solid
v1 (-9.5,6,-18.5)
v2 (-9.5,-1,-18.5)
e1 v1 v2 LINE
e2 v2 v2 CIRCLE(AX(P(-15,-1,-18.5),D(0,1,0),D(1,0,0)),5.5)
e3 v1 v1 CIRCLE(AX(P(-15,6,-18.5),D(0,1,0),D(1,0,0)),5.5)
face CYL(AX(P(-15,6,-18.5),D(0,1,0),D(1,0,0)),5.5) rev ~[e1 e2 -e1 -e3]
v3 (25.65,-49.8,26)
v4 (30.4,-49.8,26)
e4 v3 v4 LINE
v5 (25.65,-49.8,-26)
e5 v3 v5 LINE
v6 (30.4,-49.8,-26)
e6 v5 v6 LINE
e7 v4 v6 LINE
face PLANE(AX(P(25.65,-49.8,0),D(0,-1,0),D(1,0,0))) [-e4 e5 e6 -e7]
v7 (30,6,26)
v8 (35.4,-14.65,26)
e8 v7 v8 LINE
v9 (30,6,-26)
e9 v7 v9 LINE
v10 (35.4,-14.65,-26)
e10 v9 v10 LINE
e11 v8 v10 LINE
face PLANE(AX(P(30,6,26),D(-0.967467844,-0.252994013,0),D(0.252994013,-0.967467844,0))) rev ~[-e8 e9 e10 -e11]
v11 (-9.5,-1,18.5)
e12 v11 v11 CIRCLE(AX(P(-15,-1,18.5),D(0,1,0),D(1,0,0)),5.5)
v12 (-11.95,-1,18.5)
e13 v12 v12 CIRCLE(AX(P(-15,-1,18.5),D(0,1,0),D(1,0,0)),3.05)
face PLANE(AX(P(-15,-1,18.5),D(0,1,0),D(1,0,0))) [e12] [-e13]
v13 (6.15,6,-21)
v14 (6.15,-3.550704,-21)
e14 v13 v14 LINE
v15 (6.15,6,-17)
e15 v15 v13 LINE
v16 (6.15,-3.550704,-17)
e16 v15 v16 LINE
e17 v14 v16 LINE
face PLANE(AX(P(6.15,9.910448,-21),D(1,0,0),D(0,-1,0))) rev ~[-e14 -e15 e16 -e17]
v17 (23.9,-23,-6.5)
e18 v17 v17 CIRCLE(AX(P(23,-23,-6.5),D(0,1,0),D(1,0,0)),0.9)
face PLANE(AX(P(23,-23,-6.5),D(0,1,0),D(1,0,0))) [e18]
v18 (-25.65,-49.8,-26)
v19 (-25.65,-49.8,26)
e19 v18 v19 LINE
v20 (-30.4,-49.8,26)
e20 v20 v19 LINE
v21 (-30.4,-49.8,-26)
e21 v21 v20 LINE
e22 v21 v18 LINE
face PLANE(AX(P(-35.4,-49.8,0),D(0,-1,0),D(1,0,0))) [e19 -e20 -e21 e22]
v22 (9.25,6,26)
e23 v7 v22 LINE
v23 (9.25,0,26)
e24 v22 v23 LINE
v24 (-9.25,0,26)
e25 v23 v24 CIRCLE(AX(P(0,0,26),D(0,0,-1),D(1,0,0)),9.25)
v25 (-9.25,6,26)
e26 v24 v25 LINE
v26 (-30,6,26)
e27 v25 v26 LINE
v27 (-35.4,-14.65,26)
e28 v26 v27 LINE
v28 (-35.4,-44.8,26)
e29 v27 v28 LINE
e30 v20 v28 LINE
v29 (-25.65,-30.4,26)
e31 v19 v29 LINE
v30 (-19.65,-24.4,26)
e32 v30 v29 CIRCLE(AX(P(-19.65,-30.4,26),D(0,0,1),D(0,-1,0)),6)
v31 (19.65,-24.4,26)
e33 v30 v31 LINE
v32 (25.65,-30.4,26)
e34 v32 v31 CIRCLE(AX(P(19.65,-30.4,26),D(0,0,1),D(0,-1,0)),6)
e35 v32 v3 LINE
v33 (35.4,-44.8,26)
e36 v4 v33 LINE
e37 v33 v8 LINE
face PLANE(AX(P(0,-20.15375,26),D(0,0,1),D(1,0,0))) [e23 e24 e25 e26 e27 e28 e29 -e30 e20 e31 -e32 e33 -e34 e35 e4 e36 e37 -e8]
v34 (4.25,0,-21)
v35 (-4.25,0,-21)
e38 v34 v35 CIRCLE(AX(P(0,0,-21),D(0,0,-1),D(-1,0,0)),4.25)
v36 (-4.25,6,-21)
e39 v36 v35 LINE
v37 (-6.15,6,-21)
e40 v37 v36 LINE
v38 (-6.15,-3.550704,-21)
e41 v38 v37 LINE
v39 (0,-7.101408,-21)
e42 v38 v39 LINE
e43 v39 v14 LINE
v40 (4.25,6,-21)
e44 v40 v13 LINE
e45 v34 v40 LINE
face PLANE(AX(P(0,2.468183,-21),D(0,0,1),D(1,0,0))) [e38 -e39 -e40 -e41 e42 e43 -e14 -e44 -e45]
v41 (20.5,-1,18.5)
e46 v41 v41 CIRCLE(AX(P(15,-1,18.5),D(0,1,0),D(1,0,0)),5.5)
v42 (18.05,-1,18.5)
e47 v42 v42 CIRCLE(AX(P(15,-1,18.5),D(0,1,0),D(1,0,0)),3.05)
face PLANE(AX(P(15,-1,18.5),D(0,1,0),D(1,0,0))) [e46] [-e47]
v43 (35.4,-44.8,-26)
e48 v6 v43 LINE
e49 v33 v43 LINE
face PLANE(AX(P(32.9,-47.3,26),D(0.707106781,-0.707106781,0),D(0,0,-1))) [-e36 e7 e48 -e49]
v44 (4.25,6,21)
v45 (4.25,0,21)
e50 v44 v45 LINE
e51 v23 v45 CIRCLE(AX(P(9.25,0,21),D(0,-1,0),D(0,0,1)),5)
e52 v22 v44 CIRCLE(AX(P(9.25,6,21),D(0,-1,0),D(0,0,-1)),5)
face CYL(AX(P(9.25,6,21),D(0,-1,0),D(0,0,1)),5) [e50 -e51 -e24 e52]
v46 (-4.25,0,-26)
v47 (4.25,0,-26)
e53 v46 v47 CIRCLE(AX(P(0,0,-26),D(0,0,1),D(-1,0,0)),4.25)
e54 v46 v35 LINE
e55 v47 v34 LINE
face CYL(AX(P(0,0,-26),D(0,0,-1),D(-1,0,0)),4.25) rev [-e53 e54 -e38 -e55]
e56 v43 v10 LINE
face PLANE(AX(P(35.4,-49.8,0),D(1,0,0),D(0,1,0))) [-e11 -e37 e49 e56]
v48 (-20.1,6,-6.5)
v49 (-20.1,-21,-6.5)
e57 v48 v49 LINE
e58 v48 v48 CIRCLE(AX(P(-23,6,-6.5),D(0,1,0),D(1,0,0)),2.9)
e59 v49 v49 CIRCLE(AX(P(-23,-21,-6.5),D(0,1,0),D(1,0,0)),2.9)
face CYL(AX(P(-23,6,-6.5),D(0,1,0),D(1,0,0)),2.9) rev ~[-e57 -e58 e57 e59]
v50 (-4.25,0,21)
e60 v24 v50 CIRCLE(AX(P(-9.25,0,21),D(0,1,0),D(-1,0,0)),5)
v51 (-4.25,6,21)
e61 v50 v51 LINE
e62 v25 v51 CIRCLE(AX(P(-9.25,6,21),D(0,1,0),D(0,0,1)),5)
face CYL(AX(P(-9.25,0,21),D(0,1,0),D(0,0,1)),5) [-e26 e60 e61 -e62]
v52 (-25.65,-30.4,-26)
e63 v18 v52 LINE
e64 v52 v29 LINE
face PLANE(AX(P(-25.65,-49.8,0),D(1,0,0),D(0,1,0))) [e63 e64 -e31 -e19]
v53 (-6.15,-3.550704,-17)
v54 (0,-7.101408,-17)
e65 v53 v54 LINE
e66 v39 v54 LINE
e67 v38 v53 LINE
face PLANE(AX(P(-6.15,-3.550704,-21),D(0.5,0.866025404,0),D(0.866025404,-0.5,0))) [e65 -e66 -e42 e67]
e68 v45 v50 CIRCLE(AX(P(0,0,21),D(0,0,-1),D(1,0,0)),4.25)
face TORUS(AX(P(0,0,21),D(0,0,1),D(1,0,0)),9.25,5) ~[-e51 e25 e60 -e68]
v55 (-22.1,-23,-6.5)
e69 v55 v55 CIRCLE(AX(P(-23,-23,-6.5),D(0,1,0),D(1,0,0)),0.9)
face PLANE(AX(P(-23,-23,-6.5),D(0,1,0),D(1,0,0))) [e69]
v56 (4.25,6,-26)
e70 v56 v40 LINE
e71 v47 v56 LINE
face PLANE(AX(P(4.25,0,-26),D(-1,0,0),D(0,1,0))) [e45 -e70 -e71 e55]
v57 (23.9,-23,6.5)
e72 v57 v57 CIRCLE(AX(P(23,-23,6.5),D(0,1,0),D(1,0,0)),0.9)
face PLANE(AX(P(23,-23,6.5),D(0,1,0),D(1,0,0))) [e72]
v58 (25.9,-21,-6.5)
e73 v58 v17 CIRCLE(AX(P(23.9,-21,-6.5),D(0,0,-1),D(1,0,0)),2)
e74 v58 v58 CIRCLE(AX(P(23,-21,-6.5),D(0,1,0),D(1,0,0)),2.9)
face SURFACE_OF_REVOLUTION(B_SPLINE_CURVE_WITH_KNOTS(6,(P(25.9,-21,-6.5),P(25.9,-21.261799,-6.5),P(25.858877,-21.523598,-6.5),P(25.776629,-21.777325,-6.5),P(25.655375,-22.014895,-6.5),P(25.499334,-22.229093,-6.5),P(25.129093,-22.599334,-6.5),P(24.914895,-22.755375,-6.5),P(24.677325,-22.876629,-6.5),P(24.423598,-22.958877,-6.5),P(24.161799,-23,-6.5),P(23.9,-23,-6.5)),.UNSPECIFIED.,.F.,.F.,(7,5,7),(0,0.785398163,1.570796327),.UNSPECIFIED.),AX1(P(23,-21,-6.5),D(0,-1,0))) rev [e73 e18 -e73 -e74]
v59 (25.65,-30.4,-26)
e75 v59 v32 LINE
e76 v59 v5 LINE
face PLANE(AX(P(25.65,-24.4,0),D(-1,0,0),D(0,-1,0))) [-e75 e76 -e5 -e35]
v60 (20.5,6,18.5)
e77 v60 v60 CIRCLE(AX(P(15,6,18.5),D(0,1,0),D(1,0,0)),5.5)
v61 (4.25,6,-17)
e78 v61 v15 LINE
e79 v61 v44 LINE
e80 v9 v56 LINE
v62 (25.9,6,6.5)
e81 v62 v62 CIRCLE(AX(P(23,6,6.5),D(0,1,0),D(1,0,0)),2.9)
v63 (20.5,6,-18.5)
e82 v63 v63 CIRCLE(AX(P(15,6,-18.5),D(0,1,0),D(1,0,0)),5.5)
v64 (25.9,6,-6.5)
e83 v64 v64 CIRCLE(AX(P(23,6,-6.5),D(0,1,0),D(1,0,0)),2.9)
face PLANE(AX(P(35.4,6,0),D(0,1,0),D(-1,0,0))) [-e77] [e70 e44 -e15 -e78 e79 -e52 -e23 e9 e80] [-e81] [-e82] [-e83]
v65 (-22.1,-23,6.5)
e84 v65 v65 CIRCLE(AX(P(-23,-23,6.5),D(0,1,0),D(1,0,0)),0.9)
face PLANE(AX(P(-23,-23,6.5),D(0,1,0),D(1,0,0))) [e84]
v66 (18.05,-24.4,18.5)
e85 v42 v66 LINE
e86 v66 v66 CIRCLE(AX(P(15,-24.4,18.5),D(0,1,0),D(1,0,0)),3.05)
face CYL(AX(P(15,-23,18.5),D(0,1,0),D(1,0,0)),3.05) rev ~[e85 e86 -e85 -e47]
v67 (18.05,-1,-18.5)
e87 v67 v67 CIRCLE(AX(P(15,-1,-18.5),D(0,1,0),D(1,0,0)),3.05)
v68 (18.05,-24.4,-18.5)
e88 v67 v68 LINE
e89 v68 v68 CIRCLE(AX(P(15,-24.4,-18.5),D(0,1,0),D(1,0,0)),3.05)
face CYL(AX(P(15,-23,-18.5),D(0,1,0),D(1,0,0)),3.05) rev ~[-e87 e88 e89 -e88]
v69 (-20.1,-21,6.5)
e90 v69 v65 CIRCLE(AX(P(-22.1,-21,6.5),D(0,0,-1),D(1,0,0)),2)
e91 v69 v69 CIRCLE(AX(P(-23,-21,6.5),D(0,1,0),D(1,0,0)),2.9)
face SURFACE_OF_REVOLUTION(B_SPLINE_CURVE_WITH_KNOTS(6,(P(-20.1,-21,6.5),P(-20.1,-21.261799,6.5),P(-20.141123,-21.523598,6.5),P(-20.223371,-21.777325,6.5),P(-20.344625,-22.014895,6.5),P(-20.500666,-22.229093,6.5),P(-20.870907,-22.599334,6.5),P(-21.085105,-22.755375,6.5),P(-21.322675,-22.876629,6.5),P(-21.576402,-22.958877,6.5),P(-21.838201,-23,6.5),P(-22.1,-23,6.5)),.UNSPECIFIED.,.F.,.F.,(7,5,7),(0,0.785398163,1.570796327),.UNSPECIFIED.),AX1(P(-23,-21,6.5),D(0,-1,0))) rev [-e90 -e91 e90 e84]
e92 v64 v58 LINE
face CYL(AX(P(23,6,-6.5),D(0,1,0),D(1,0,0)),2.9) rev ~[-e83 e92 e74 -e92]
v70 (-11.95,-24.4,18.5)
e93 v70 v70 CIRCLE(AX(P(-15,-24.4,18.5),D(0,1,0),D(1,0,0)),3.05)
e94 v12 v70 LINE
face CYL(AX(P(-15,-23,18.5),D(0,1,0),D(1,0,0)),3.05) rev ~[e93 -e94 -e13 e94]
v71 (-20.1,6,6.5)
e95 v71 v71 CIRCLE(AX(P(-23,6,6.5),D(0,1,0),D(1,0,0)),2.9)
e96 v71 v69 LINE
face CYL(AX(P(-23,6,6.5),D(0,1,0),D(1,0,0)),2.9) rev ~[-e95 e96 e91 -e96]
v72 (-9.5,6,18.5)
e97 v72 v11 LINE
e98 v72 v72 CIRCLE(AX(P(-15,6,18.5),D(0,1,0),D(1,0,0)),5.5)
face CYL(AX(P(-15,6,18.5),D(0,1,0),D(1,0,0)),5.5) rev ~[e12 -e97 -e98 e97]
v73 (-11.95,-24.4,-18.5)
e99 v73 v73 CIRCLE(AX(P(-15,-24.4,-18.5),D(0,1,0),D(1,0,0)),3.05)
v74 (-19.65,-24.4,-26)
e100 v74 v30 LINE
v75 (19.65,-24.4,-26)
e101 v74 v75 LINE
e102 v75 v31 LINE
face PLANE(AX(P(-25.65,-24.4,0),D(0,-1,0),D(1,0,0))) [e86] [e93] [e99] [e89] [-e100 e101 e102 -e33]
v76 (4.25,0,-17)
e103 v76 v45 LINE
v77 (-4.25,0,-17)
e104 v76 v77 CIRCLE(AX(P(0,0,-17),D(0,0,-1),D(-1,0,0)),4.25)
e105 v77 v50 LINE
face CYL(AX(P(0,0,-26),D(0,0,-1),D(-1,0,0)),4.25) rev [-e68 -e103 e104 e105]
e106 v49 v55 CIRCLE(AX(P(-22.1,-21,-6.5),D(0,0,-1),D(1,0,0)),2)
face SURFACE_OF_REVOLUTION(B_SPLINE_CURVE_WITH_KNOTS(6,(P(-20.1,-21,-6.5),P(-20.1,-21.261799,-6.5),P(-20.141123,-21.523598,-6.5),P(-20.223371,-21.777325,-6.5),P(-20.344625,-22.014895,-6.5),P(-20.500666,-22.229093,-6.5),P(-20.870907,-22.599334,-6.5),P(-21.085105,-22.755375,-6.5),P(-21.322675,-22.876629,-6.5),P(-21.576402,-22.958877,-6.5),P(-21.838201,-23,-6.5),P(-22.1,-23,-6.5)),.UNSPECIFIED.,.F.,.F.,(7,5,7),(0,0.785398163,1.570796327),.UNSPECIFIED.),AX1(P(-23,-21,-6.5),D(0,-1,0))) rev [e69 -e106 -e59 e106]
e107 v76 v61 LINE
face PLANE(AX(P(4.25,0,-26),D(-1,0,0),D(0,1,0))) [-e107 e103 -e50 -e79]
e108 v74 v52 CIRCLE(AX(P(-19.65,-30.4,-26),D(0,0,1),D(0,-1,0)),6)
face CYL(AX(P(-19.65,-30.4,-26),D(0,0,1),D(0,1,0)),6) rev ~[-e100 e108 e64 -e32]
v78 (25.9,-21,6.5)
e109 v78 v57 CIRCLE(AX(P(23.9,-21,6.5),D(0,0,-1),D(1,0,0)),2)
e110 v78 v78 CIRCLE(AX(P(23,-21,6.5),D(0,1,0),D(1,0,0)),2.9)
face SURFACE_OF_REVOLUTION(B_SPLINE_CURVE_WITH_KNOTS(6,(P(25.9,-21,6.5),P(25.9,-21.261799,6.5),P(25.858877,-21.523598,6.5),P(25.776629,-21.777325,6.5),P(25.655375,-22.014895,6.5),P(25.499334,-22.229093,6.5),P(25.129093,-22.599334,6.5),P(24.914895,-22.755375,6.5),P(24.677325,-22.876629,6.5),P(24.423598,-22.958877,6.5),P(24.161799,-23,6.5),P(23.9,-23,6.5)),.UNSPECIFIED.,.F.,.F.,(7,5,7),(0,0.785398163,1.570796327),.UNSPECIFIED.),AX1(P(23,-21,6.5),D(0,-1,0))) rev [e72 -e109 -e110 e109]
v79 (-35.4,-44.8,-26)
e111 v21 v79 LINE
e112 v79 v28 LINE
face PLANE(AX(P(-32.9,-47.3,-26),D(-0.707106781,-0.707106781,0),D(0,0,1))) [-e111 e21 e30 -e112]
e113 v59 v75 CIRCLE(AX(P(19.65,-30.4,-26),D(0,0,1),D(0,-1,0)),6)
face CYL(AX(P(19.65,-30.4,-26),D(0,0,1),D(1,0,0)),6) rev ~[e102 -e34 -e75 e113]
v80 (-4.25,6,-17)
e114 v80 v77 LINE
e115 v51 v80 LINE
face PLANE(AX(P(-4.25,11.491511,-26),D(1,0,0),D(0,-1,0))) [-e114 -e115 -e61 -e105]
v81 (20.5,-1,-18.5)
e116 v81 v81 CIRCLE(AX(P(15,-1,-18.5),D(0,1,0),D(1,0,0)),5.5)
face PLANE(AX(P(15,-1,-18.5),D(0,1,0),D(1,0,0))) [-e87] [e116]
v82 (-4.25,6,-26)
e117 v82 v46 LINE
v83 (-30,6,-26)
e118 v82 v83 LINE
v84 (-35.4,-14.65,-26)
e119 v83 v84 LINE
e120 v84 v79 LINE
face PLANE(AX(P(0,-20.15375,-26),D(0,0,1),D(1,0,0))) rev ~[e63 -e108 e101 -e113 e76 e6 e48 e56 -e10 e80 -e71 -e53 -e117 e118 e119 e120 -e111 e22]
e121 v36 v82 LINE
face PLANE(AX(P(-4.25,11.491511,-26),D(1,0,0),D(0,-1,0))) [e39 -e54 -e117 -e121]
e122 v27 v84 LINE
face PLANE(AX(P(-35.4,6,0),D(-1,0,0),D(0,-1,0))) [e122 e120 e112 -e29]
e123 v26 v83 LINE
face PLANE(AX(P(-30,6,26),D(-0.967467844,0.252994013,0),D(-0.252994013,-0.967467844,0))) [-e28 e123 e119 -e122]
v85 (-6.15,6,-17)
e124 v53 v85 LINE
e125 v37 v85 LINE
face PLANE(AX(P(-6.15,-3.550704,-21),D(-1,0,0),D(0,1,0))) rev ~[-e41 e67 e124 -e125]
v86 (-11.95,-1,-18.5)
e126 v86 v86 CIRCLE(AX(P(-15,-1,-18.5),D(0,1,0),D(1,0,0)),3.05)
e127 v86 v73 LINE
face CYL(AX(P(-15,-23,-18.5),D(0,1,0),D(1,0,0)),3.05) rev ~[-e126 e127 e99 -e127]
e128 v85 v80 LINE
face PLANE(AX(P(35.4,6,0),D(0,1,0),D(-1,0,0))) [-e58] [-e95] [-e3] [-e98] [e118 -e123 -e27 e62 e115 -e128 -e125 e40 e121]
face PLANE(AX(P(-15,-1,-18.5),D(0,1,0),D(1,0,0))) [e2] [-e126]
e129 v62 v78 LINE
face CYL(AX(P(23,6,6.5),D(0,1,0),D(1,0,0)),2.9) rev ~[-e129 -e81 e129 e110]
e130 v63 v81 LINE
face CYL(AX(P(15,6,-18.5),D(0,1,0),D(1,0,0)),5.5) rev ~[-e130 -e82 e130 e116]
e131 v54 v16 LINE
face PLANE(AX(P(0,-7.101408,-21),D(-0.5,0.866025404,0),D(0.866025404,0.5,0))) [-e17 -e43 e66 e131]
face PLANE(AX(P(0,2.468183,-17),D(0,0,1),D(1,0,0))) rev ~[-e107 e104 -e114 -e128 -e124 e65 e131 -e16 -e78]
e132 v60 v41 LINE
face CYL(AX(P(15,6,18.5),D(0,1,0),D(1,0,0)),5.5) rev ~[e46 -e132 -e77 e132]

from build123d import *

# Parameters (mm, degrees)
BOSS_EXTRUDE1_DEPTH = 26
CUT_EXTRUDE8_DEPTH  = 53
FILLET1_R           = 6
SKETCH2_R           = 2.9
SKETCH2_R_2         = 3.05
CUT_EXTRUDE1_DEPTH  = 29
SKETCH3_R           = 5.5
CUT_EXTRUDE2_DEPTH  = 7
CHAMFER2_SIZE       = 5
CUT_EXTRUDE9_DEPTH  = 53
CUT_EXTRUDE10_START = -5
CUT_EXTRUDE10_DEPTH = 4
FILLET2_R           = 5
SKETCH12_R          = 3.05
CUT_EXTRUDE11_DEPTH = 4
FILLET3_R           = 2


with BuildPart() as part:
    # Sketch1 → Boss-Extrude1 (new body, symmetric)
    with BuildSketch(Plane.XY):
        Polygon((35.4, 6), (-35.4, 6), (-35.4, -49.8), (-25.65, -49.8), (-25.65, -24.4), (25.65, -24.4), (25.65, -49.8), (35.4, -49.8), align=None)
    extrude(amount=BOSS_EXTRUDE1_DEPTH, both=True)

    # Sketch9 → Cut-Extrude8 (cut, through all)
    with BuildSketch(Plane.XY.offset(26)):
        Polygon((-30, 6), (-35.4, -14.65), (-35.4, 6), align=None)
        Polygon((35.4, 6), (30, 6), (35.4, -14.65), align=None)
    extrude(amount=-CUT_EXTRUDE8_DEPTH, mode=Mode.SUBTRACT)

    # Fillet1
    fillet1_edges = [part.edges().sort_by_distance(p)[0] for p in [
        (25.65, -24.4, 0),
        (-25.65, -24.4, 0),
    ]]
    fillet(fillet1_edges, radius=FILLET1_R)

    # Sketch2 → Cut-Extrude1 (cut)
    with BuildSketch(Plane(origin=(0, 6, 0), x_dir=(1, 0, 0), z_dir=(0, 1, 0))):
        with Locations((-23, 6.5)):
            Circle(SKETCH2_R)
        with Locations((-23, -6.5)):
            Circle(SKETCH2_R)
        with Locations((-15, 18.5)):
            Circle(SKETCH2_R_2)
        with Locations((23, -6.5)):
            Circle(SKETCH2_R)
        with Locations((23, 6.5)):
            Circle(SKETCH2_R)
        with Locations((15, 18.5)):
            Circle(SKETCH2_R_2)
        with Locations((15, -18.5)):
            Circle(SKETCH2_R_2)
        with Locations((-15, -18.5)):
            Circle(SKETCH2_R_2)
    extrude(amount=-CUT_EXTRUDE1_DEPTH, mode=Mode.SUBTRACT)

    # Sketch3 → Cut-Extrude2 (cut)
    with BuildSketch(Plane(origin=(0, 6, 0), x_dir=(1, 0, 0), z_dir=(0, 1, 0))):
        with Locations((-15, 18.5)):
            Circle(SKETCH3_R)
        with Locations((15, 18.5)):
            Circle(SKETCH3_R)
        with Locations((-15, -18.5)):
            Circle(SKETCH3_R)
        with Locations((15, -18.5)):
            Circle(SKETCH3_R)
    extrude(amount=-CUT_EXTRUDE2_DEPTH, mode=Mode.SUBTRACT)

    # Chamfer2
    chamfer2_edges = [part.edges().sort_by_distance(p)[0] for p in [
        (35.4, -49.8, 0),
        (-35.4, -49.8, 0),
    ]]
    chamfer(chamfer2_edges, length=CHAMFER2_SIZE)

    # Sketch10 → Cut-Extrude9 (cut, through all)
    with BuildSketch(Plane(origin=(0, 0, -26), x_dir=(-1, 0, 0), z_dir=(0, 0, -1))):
        with BuildLine():
            Line((-4.25, 0), (-4.25, 11.491510708))
            Line((-4.25, 11.491510708), (4.25, 11.491510708))
            Line((4.25, 11.491510708), (4.25, 0))
            ThreePointArc((4.25, 0), (0, -4.25), (-4.25, 0))
        make_face()
    extrude(amount=-CUT_EXTRUDE9_DEPTH, mode=Mode.SUBTRACT)

    # Sketch11 → Cut-Extrude10 (cut)
    with BuildSketch(Plane(origin=(0, 0, -26), x_dir=(-1, 0, 0), z_dir=(0, 0, -1)).offset(CUT_EXTRUDE10_START)):
        Polygon((-6.15, 3.550704156), (-6.15, 9.910448096), (6.15, 9.910448096), (6.15, 3.550704156), (6.15, -3.550704156), (0, -7.101408311), (-6.15, -3.550704156), align=None)
    extrude(amount=-CUT_EXTRUDE10_DEPTH, mode=Mode.SUBTRACT)

    # Fillet2
    fillet2_edges = [part.edges().sort_by_distance(p)[0] for p in [
        (4.25, 3, 26),
        (-4.25, 3, 26),
        (0, -4.25, 26),
    ]]
    fillet(fillet2_edges, radius=FILLET2_R)

    # Sketch12 → Cut-Extrude11 (cut)
    with BuildSketch(Plane(origin=(0, -23, 0), x_dir=(1, 0, 0), z_dir=(0, 1, 0))):
        with Locations((-15, 18.5)):
            Circle(SKETCH12_R)
        with Locations((15, 18.5)):
            Circle(SKETCH12_R)
        with Locations((15, -18.5)):
            Circle(SKETCH12_R)
        with Locations((-15, -18.5)):
            Circle(SKETCH12_R)
    extrude(amount=-CUT_EXTRUDE11_DEPTH, mode=Mode.SUBTRACT)

    # Fillet3
    fillet3_edges = [part.edges().sort_by_distance(p)[0] for p in [
        (-25.9, -23, -6.5),
        (20.1, -23, -6.5),
        (20.1, -23, 6.5),
        (-25.9, -23, 6.5),
    ]]
    fillet(fillet3_edges, radius=FILLET3_R)


solid = part.part
